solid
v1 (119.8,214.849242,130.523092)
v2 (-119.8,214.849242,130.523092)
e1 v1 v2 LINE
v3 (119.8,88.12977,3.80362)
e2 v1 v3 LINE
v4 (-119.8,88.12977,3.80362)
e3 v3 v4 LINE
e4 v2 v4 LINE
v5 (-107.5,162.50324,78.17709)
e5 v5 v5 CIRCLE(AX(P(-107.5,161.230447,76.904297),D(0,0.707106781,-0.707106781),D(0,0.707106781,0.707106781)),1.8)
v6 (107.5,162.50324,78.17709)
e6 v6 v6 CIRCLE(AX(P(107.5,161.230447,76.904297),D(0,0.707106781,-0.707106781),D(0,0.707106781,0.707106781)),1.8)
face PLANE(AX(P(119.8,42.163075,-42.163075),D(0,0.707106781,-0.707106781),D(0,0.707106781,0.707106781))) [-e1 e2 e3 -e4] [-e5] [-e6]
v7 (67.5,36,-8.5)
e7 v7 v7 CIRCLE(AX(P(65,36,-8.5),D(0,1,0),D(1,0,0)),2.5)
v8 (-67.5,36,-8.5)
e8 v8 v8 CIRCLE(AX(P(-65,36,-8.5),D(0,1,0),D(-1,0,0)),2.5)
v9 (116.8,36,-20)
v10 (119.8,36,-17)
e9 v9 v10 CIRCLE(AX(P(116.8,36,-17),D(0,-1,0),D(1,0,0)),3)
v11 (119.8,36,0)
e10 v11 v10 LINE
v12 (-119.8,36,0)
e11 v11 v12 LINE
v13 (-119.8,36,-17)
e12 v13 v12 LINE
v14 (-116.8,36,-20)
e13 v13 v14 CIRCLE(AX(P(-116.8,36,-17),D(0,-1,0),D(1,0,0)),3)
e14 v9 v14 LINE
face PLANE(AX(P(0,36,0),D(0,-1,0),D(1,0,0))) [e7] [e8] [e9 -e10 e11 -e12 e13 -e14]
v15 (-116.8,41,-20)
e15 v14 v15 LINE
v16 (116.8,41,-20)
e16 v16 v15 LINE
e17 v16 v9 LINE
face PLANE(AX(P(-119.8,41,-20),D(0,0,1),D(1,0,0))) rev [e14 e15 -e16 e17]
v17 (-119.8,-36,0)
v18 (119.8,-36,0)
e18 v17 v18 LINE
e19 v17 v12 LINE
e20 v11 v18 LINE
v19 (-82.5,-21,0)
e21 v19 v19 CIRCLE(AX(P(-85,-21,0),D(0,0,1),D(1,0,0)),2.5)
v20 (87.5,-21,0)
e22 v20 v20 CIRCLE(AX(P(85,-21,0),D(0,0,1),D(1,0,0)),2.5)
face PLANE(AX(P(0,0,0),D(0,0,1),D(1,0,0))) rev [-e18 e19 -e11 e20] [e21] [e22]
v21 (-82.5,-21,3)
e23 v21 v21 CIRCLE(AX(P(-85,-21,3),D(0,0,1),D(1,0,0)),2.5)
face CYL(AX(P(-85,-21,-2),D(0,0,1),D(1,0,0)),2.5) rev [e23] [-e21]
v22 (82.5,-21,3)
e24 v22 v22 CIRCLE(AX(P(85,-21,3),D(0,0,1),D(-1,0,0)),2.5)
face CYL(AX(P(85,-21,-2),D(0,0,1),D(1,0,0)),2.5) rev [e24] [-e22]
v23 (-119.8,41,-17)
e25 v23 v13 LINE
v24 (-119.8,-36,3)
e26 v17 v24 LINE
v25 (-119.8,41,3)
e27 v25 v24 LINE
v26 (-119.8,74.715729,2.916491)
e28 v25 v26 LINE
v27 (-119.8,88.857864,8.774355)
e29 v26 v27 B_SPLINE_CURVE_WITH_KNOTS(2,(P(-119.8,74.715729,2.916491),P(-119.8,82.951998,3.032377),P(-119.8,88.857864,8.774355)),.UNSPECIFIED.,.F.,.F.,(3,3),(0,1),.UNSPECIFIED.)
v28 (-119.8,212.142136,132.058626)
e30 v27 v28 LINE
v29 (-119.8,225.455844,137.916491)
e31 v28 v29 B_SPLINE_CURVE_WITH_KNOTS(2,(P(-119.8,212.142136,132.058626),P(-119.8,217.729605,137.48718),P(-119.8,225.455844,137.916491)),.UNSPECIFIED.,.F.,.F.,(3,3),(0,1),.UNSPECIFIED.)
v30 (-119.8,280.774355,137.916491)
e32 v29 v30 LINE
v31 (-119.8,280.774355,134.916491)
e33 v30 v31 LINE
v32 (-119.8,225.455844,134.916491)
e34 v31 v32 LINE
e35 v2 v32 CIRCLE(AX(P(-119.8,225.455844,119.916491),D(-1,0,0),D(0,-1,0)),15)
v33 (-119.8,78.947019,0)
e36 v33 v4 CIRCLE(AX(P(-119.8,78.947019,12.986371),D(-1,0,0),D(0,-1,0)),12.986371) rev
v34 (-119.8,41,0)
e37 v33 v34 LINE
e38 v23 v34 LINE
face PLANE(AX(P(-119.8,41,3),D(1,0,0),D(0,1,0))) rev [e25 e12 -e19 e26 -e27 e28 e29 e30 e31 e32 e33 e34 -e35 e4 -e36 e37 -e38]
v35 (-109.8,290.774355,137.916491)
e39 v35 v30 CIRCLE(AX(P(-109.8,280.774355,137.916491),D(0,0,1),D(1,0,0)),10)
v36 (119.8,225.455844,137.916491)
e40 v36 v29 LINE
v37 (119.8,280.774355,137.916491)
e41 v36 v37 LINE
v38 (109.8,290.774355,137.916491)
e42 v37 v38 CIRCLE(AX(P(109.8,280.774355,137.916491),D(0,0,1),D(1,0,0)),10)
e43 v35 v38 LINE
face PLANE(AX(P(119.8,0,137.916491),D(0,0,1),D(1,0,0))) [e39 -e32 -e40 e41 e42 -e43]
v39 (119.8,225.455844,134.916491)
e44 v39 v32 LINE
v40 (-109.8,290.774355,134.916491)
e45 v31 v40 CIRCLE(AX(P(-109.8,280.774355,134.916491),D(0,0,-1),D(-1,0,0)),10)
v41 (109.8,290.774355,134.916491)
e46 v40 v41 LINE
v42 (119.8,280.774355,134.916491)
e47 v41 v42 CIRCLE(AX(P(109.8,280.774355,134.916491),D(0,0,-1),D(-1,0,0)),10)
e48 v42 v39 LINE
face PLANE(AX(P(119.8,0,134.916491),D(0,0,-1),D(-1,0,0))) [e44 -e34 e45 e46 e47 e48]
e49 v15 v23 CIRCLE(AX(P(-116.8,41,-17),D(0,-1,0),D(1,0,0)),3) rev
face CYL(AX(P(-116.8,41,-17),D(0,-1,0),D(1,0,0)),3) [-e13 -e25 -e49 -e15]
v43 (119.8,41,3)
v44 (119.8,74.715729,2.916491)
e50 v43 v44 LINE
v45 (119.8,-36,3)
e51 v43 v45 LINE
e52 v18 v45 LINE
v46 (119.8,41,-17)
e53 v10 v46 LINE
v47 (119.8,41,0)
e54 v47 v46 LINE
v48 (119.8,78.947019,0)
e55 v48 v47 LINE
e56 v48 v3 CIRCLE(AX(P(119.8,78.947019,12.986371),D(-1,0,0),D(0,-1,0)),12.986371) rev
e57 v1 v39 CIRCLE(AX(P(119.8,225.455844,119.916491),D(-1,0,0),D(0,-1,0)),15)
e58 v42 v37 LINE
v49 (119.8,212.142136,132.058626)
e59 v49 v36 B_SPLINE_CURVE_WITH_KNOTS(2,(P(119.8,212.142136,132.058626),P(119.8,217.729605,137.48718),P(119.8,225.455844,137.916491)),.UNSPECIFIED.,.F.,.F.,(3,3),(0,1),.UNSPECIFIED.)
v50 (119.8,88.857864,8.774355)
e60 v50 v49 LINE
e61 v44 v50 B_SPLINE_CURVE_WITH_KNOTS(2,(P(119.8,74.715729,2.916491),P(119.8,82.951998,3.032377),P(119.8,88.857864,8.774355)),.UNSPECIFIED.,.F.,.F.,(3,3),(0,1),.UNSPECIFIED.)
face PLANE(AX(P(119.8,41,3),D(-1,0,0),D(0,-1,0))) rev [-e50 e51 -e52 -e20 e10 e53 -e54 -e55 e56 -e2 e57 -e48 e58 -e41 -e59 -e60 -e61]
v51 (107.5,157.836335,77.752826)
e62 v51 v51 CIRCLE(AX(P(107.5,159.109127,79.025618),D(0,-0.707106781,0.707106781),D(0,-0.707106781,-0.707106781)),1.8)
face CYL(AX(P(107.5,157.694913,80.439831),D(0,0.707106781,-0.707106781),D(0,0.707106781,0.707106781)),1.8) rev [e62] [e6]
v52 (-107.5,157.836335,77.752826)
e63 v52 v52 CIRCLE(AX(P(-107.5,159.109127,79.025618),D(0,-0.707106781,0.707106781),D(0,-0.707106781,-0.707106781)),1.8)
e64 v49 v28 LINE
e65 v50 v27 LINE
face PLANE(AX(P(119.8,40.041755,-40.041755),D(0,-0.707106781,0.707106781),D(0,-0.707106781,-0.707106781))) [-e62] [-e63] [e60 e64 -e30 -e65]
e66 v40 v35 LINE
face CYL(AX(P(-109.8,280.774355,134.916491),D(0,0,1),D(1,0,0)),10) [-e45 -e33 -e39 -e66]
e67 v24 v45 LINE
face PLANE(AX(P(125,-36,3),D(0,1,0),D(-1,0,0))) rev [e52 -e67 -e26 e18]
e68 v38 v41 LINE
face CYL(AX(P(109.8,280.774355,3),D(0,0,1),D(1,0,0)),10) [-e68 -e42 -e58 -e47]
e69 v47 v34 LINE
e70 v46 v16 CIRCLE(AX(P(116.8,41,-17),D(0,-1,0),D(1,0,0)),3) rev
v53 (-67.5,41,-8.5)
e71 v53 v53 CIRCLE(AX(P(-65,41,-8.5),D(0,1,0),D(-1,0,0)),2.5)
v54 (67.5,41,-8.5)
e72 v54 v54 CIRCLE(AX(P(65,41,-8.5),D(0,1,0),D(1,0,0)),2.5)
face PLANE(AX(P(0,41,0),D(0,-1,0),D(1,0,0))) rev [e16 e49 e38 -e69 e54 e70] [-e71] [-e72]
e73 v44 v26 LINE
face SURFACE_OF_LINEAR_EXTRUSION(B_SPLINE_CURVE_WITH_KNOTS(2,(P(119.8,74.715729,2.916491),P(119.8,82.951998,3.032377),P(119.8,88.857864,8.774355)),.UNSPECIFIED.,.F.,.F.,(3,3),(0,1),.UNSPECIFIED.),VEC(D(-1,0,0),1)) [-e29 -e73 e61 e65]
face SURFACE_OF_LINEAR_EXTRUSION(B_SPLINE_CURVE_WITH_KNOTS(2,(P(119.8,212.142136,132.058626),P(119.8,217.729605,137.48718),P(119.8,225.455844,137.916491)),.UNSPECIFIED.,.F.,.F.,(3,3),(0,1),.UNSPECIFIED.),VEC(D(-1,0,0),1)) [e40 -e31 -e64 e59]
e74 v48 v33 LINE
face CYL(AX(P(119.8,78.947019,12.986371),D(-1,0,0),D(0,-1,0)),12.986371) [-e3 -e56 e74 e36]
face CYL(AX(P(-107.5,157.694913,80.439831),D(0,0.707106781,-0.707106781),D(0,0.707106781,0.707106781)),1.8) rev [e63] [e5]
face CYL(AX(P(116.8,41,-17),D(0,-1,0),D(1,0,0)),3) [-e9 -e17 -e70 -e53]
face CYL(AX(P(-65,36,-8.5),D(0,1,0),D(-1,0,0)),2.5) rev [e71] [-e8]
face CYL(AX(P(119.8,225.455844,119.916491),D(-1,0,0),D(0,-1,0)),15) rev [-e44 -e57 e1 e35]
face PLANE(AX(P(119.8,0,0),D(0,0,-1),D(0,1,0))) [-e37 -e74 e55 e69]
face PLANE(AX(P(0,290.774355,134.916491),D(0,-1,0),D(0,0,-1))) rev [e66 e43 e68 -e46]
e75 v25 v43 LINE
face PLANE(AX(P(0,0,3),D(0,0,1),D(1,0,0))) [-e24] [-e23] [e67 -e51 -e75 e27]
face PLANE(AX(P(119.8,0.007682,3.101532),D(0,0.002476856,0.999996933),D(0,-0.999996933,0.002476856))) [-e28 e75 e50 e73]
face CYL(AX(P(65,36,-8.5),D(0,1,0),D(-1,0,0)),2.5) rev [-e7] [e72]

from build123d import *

# Parameters (mm, degrees)
SKETCH1_W           = 250
SKETCH1_H           = 72
BOSS_EXTRUDE1_DEPTH = 3
SKETCH2_W           = 239.6
SKETCH2_H           = 23
BOSS_EXTRUDE2_DEPTH = 5
SKETCH3_R           = 2.5
CUT_EXTRUDE1_DEPTH  = 5
FILLET1_R           = 3
SKETCH4_R           = 2.5
CUT_EXTRUDE2_DEPTH  = 5
SKETCH6_W           = 5.2
SKETCH6_H           = 72
CUT_EXTRUDE3_DEPTH  = 5
BOSS_EXTRUDE3_DEPTH = 239.6
SKETCH8_W           = 239.6
SKETCH8_H           = 3
BOSS_EXTRUDE4_DEPTH = 3
FILLET3_R           = 10
SKETCH10_R          = 1.8
CUT_EXTRUDE5_DEPTH  = 5


with BuildPart() as part:
    # Sketch1 → Boss-Extrude1 (new body)
    with BuildSketch(Plane.XY):
        Rectangle(SKETCH1_W, SKETCH1_H)
    extrude(amount=BOSS_EXTRUDE1_DEPTH)

    # Sketch2 → Boss-Extrude2 (add)
    with BuildSketch(Plane(origin=(0, 36, 0), x_dir=(1, 0, 0), z_dir=(0, 1, 0))):
        with Locations((0, 8.5)):
            Rectangle(SKETCH2_W, SKETCH2_H)
    extrude(amount=BOSS_EXTRUDE2_DEPTH)

    # Sketch3 → Cut-Extrude1 (cut)
    with BuildSketch(Plane(origin=(0, 41, 0), x_dir=(1, 0, 0), z_dir=(0, 1, 0))):
        with Locations(Location((-65, 8.5, 0), (0, 0, 180))):
            Circle(SKETCH3_R)
        with Locations((65, 8.5)):
            Circle(SKETCH3_R)
    extrude(amount=-CUT_EXTRUDE1_DEPTH, mode=Mode.SUBTRACT)

    # Fillet1
    fillet1_edges = [part.edges().sort_by_distance(p)[0] for p in [
        (-119.8, 38.5, -20),
        (119.8, 38.5, -20),
    ]]
    fillet(fillet1_edges, radius=FILLET1_R)

    # Sketch4 → Cut-Extrude2 (cut)
    with BuildSketch(Plane.XY.offset(3)):
        with Locations((-85, -21)):
            Circle(SKETCH4_R)
        with Locations((85, -21)):
            Circle(SKETCH4_R)
    extrude(amount=-CUT_EXTRUDE2_DEPTH, mode=Mode.SUBTRACT)

    # Sketch6 → Cut-Extrude3 (cut)
    with BuildSketch(Plane.XY.offset(3)):
        with Locations((-122.4, 0)):
            Rectangle(SKETCH6_W, SKETCH6_H)
        with Locations((122.4, 0)):
            Rectangle(SKETCH6_W, SKETCH6_H)
    extrude(amount=-CUT_EXTRUDE3_DEPTH, mode=Mode.SUBTRACT)

    # Sketch7 → Boss-Extrude3 (add)
    with BuildSketch(Plane.ZY.offset(119.8)):
        with BuildLine():
            Line((0, 41), (3, 41))
            Line((3, 41), (2.916490723, 74.715728753))
            add(Edge.make_bspline(
                [(2.916490723, 74.715728753), (3.032377234, 82.951998235), (8.774355099, 88.857864376)],
                knots=[0, 0, 0, 1, 1, 1], degree=2))
            Line((8.774355099, 88.857864376), (132.058626347, 212.142135624))
            add(Edge.make_bspline(
                [(132.058626347, 212.142135624), (137.487179548, 217.729604737), (137.916490723, 225.455844123)],
                knots=[0, 0, 0, 1, 1, 1], degree=2))
            Line((137.916490723, 225.455844123), (137.916490723, 287.774355099))
            Line((137.916490723, 287.774355099), (134.916490723, 287.774355099))
            Line((134.916490723, 287.774355099), (134.916490723, 225.455844123))
            ThreePointArc((134.916490723, 225.455844123), (133.774683711, 219.715592637), (130.523092441, 214.849242405))
            Line((130.523092441, 214.849242405), (3.803620061, 88.129770025))
            ThreePointArc((3.803620061, 88.129770025), (0.988528647, 83.916687992), (0, 78.947018888))
            Line((0, 78.947018888), (0, 41))
        make_face()
    extrude(amount=-BOSS_EXTRUDE3_DEPTH)

    # Sketch8 → Boss-Extrude4 (add)
    with BuildSketch(Plane.XY.offset(137.916490723)):
        with Locations((0, 289.274355099)):
            Rectangle(SKETCH8_W, SKETCH8_H)
    extrude(amount=-BOSS_EXTRUDE4_DEPTH)

    # Fillet3
    fillet3_edges = [part.edges().sort_by_distance(p)[0] for p in [
        (-119.8, 290.774355099, 136.416490723),
        (119.8, 290.774355099, 136.416490723),
    ]]
    fillet(fillet3_edges, radius=FILLET3_R)

    # Sketch10 → Cut-Extrude5 (cut)
    with BuildSketch(Plane(origin=(0, 42.163074982, -42.163074982), x_dir=(1, 0, 0), z_dir=(0, 0.7071067811865429, -0.7071067811865522))):
        with Locations(Location((107.5, -168.386692879, 0), (0, 0, 270))):
            Circle(SKETCH10_R)
        with Locations(Location((-107.5, -168.386692879, 0), (0, 0, 270))):
            Circle(SKETCH10_R)
    extrude(amount=-CUT_EXTRUDE5_DEPTH, mode=Mode.SUBTRACT)


solid = part.part
